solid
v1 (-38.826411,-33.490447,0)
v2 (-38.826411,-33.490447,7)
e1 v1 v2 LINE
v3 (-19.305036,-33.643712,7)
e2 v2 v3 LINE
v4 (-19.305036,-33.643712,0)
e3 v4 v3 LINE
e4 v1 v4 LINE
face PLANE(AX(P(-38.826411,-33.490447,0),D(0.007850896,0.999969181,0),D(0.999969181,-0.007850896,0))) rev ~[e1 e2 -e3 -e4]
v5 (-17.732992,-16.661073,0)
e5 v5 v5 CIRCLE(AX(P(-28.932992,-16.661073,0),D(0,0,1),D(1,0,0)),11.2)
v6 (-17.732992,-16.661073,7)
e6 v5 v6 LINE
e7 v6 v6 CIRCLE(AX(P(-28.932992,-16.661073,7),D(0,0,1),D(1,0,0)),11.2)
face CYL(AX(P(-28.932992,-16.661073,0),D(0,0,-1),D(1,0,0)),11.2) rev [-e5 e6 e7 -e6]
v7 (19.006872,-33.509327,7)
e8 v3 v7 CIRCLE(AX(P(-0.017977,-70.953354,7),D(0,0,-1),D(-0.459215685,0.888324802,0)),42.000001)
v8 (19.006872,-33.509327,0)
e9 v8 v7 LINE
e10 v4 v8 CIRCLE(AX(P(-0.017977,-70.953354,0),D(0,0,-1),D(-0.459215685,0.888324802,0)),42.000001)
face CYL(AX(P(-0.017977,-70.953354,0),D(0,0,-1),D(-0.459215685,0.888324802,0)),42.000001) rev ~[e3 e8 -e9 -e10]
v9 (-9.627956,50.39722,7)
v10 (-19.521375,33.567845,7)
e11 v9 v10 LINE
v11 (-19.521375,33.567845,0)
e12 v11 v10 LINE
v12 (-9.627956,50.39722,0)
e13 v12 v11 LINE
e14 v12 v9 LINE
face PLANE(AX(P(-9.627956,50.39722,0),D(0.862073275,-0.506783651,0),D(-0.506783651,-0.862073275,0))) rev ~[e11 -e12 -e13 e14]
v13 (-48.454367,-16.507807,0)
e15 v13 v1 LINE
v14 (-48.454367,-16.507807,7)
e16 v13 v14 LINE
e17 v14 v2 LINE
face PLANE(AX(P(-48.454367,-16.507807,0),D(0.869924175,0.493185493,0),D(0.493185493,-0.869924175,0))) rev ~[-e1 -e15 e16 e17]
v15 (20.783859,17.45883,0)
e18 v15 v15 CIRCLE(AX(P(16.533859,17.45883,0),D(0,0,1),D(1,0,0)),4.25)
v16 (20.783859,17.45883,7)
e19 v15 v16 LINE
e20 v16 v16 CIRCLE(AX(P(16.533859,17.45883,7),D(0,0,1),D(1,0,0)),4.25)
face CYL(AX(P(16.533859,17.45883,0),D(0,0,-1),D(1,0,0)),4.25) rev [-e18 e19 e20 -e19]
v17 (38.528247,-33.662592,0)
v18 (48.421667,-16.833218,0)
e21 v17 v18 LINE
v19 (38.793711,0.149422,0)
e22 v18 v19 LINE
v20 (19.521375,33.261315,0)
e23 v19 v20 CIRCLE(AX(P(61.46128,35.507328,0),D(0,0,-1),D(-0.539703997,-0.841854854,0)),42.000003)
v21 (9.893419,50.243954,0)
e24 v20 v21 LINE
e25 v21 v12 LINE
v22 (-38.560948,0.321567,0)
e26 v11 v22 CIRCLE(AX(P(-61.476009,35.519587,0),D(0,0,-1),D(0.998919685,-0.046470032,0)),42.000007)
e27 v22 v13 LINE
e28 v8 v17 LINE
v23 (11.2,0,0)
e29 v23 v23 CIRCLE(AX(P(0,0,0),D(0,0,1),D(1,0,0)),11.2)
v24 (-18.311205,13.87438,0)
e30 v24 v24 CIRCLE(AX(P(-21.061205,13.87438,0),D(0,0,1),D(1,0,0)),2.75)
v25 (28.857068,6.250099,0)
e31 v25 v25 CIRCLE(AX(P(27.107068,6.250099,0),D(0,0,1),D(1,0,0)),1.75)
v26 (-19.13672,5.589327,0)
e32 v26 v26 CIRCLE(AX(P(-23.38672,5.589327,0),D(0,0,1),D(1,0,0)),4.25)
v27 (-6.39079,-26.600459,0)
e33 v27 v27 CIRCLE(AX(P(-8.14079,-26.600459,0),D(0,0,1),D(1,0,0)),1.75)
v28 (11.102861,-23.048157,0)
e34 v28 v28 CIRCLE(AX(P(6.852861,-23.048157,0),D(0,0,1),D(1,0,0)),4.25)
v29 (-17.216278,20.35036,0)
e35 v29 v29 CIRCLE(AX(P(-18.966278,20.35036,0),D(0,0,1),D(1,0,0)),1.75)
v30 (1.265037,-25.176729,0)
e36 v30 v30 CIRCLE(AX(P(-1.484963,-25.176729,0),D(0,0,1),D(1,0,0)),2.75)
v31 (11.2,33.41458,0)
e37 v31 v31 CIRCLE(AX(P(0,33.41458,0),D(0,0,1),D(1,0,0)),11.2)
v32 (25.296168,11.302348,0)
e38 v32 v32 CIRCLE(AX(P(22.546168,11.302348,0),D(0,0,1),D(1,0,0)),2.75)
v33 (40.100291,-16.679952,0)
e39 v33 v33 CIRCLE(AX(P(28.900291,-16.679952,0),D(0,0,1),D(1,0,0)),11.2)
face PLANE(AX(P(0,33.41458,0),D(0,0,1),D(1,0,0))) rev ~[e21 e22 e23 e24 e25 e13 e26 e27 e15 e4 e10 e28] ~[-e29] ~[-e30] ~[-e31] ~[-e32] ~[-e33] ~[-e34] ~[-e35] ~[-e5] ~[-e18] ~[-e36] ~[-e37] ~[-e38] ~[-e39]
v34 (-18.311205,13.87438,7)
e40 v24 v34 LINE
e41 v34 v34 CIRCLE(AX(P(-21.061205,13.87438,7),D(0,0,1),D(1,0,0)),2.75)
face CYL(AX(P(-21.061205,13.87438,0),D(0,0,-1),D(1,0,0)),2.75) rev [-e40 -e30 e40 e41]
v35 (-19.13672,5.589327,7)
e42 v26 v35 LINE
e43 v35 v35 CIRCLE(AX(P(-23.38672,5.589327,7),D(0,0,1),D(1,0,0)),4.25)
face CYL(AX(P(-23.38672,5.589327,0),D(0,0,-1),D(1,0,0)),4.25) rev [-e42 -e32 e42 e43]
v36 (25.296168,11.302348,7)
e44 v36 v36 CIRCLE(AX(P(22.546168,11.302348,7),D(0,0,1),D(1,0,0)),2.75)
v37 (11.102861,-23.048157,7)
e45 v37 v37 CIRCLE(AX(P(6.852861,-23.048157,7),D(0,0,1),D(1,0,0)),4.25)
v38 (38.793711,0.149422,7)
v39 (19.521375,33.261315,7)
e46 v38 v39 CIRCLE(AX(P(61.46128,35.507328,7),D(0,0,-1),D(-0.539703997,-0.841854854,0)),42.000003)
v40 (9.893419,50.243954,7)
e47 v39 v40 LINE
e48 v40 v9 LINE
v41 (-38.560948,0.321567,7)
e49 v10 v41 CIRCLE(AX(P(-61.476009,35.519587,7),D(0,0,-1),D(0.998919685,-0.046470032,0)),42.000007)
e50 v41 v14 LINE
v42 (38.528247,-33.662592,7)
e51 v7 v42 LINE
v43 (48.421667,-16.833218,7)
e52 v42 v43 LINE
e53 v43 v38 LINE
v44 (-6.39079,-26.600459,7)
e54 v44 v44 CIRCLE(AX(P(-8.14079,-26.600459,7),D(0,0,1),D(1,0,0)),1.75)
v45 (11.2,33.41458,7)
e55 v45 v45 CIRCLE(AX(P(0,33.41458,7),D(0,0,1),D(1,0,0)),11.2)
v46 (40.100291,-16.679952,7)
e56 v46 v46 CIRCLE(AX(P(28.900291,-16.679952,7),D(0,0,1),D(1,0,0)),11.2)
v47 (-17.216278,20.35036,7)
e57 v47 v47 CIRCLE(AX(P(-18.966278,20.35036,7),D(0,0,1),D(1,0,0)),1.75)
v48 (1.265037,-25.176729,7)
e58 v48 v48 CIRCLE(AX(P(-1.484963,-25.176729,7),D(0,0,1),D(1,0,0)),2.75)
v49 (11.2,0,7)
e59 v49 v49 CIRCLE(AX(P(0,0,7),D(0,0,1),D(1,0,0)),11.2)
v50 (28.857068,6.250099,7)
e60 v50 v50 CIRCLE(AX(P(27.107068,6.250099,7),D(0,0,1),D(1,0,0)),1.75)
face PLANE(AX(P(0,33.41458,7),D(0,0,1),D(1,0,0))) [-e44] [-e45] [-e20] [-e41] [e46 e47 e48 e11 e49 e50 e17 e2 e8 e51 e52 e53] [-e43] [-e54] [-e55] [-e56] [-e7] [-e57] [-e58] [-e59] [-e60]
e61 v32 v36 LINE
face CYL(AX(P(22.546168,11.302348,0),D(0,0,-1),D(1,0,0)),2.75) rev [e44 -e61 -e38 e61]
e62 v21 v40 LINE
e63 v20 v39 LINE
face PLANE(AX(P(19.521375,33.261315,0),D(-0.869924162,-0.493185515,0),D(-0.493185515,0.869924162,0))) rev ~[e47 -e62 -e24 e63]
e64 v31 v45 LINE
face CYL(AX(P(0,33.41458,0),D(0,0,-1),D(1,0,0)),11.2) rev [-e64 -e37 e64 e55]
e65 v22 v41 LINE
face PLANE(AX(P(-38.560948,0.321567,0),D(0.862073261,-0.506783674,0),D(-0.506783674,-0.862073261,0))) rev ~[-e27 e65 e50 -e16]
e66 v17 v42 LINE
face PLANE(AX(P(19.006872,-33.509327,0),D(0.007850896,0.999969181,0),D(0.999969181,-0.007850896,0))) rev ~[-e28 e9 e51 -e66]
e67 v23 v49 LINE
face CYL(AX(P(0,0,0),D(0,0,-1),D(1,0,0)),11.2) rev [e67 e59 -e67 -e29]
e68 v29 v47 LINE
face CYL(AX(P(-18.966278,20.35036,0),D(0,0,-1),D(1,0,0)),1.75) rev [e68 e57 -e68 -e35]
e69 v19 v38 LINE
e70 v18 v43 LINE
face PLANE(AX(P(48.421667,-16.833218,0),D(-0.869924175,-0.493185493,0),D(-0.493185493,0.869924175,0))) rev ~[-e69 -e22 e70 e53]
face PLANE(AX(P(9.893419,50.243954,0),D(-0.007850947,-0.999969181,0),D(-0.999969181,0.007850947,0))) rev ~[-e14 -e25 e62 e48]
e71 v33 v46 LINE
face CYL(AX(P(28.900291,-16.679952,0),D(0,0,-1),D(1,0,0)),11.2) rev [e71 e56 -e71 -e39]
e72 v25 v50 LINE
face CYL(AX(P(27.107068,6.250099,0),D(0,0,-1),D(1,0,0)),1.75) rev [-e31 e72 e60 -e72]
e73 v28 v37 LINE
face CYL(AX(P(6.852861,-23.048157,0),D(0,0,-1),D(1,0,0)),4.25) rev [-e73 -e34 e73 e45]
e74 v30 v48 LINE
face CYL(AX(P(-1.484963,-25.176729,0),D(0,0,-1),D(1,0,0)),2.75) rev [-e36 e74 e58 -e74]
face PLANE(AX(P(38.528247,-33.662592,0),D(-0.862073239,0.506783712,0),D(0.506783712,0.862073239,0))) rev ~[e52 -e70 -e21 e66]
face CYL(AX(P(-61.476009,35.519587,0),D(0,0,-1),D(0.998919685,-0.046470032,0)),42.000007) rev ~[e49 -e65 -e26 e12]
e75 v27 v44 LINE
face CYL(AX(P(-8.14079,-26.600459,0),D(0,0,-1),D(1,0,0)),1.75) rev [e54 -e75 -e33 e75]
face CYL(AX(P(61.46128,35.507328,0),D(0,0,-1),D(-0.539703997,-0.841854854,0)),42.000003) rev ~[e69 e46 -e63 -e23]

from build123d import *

# Parameters (mm, degrees)
F0_R     = 11.2
F0_R_2   = 1.75
F0_R_3   = 2.75
F0_R_4   = 4.25
F1_DEPTH = 7


with BuildPart() as f1:
    # F0 (on Top) → F1 (new body)
    with BuildSketch(Plane.XY):
        Polygon((19.521375, 33.261315), (9.893419, 50.243954), (-9.627956, 50.39722), (-19.521375, 33.567845), (-9.893419, 16.585206), (9.627956, 16.43194), align=None)
        with Locations((0, 33.41458)):
            Circle(F0_R, mode=Mode.SUBTRACT)
        with BuildLine():
            ThreePointArc((38.793711, 0.149422), (25.162096, 14.379871), (19.521375, 33.261315))
            Line((19.521375, 33.261315), (9.627956, 16.43194))
            ThreePointArc((9.627956, 16.43194), (9.917718, 5.657179), (19.272335, 0.302687))
            Line((19.272335, 0.302687), (38.793711, 0.149422))
        make_face()
        with Locations((27.107068, 6.250099)):
            Circle(F0_R_2, mode=Mode.SUBTRACT)
        with Locations((22.546168, 11.302348)):
            Circle(F0_R_3, mode=Mode.SUBTRACT)
        with Locations((16.533859, 17.45883)):
            Circle(F0_R_4, mode=Mode.SUBTRACT)
        Polygon((48.421667, -16.833218), (38.793711, 0.149422), (19.272335, 0.302687), (9.378916, -16.526687), (19.006872, -33.509327), (38.528247, -33.662592), align=None)
        with Locations((28.900291, -16.679952)):
            Circle(F0_R, mode=Mode.SUBTRACT)
        with BuildLine():
            Line((-9.893419, 16.585206), (-19.521375, 33.567845))
            ThreePointArc((-19.521375, 33.567845), (-25.029499, 14.647296), (-38.560948, 0.321567))
            Line((-38.560948, 0.321567), (-19.039573, 0.168302))
            ThreePointArc((-19.039573, 0.168302), (-9.853236, 5.806623), (-9.893419, 16.585206))
        make_face()
        with Locations((-23.38672, 5.589327)):
            Circle(F0_R_4, mode=Mode.SUBTRACT)
        with Locations((-21.061205, 13.87438)):
            Circle(F0_R_3, mode=Mode.SUBTRACT)
        with Locations((-18.966278, 20.35036)):
            Circle(F0_R_2, mode=Mode.SUBTRACT)
        Polygon((-19.039573, 0.168302), (-38.560948, 0.321567), (-48.454367, -16.507807), (-38.826411, -33.490447), (-19.305036, -33.643712), (-9.411617, -16.814338), align=None)
        with Locations((-28.932992, -16.661073)):
            Circle(F0_R, mode=Mode.SUBTRACT)
        with BuildLine():
            Line((19.006872, -33.509327), (9.378916, -16.526687))
            ThreePointArc((9.378916, -16.526687), (-0.097182, -11.390247), (-9.411617, -16.814338))
            Line((-9.411617, -16.814338), (-19.305036, -33.643712))
            ThreePointArc((-19.305036, -33.643712), (-0.165298, -28.953612), (19.006872, -33.509327))
        make_face()
        with Locations((-8.14079, -26.600459)):
            Circle(F0_R_2, mode=Mode.SUBTRACT)
        with Locations((-1.484963, -25.176729)):
            Circle(F0_R_3, mode=Mode.SUBTRACT)
        with Locations((6.852861, -23.048157)):
            Circle(F0_R_4, mode=Mode.SUBTRACT)
        with BuildLine():
            ThreePointArc((19.272335, 0.302687), (9.917718, 5.657179), (9.627956, 16.43194))
            Line((9.627956, 16.43194), (-9.893419, 16.585206))
            ThreePointArc((-9.893419, 16.585206), (-9.853236, 5.806623), (-19.039573, 0.168302))
            Line((-19.039573, 0.168302), (-9.411617, -16.814338))
            ThreePointArc((-9.411617, -16.814338), (-0.097182, -11.390247), (9.378916, -16.526687))
            Line((9.378916, -16.526687), (19.272335, 0.302687))
        make_face()
        Circle(F0_R, mode=Mode.SUBTRACT)
    extrude(amount=F1_DEPTH)


solid = f1.part
